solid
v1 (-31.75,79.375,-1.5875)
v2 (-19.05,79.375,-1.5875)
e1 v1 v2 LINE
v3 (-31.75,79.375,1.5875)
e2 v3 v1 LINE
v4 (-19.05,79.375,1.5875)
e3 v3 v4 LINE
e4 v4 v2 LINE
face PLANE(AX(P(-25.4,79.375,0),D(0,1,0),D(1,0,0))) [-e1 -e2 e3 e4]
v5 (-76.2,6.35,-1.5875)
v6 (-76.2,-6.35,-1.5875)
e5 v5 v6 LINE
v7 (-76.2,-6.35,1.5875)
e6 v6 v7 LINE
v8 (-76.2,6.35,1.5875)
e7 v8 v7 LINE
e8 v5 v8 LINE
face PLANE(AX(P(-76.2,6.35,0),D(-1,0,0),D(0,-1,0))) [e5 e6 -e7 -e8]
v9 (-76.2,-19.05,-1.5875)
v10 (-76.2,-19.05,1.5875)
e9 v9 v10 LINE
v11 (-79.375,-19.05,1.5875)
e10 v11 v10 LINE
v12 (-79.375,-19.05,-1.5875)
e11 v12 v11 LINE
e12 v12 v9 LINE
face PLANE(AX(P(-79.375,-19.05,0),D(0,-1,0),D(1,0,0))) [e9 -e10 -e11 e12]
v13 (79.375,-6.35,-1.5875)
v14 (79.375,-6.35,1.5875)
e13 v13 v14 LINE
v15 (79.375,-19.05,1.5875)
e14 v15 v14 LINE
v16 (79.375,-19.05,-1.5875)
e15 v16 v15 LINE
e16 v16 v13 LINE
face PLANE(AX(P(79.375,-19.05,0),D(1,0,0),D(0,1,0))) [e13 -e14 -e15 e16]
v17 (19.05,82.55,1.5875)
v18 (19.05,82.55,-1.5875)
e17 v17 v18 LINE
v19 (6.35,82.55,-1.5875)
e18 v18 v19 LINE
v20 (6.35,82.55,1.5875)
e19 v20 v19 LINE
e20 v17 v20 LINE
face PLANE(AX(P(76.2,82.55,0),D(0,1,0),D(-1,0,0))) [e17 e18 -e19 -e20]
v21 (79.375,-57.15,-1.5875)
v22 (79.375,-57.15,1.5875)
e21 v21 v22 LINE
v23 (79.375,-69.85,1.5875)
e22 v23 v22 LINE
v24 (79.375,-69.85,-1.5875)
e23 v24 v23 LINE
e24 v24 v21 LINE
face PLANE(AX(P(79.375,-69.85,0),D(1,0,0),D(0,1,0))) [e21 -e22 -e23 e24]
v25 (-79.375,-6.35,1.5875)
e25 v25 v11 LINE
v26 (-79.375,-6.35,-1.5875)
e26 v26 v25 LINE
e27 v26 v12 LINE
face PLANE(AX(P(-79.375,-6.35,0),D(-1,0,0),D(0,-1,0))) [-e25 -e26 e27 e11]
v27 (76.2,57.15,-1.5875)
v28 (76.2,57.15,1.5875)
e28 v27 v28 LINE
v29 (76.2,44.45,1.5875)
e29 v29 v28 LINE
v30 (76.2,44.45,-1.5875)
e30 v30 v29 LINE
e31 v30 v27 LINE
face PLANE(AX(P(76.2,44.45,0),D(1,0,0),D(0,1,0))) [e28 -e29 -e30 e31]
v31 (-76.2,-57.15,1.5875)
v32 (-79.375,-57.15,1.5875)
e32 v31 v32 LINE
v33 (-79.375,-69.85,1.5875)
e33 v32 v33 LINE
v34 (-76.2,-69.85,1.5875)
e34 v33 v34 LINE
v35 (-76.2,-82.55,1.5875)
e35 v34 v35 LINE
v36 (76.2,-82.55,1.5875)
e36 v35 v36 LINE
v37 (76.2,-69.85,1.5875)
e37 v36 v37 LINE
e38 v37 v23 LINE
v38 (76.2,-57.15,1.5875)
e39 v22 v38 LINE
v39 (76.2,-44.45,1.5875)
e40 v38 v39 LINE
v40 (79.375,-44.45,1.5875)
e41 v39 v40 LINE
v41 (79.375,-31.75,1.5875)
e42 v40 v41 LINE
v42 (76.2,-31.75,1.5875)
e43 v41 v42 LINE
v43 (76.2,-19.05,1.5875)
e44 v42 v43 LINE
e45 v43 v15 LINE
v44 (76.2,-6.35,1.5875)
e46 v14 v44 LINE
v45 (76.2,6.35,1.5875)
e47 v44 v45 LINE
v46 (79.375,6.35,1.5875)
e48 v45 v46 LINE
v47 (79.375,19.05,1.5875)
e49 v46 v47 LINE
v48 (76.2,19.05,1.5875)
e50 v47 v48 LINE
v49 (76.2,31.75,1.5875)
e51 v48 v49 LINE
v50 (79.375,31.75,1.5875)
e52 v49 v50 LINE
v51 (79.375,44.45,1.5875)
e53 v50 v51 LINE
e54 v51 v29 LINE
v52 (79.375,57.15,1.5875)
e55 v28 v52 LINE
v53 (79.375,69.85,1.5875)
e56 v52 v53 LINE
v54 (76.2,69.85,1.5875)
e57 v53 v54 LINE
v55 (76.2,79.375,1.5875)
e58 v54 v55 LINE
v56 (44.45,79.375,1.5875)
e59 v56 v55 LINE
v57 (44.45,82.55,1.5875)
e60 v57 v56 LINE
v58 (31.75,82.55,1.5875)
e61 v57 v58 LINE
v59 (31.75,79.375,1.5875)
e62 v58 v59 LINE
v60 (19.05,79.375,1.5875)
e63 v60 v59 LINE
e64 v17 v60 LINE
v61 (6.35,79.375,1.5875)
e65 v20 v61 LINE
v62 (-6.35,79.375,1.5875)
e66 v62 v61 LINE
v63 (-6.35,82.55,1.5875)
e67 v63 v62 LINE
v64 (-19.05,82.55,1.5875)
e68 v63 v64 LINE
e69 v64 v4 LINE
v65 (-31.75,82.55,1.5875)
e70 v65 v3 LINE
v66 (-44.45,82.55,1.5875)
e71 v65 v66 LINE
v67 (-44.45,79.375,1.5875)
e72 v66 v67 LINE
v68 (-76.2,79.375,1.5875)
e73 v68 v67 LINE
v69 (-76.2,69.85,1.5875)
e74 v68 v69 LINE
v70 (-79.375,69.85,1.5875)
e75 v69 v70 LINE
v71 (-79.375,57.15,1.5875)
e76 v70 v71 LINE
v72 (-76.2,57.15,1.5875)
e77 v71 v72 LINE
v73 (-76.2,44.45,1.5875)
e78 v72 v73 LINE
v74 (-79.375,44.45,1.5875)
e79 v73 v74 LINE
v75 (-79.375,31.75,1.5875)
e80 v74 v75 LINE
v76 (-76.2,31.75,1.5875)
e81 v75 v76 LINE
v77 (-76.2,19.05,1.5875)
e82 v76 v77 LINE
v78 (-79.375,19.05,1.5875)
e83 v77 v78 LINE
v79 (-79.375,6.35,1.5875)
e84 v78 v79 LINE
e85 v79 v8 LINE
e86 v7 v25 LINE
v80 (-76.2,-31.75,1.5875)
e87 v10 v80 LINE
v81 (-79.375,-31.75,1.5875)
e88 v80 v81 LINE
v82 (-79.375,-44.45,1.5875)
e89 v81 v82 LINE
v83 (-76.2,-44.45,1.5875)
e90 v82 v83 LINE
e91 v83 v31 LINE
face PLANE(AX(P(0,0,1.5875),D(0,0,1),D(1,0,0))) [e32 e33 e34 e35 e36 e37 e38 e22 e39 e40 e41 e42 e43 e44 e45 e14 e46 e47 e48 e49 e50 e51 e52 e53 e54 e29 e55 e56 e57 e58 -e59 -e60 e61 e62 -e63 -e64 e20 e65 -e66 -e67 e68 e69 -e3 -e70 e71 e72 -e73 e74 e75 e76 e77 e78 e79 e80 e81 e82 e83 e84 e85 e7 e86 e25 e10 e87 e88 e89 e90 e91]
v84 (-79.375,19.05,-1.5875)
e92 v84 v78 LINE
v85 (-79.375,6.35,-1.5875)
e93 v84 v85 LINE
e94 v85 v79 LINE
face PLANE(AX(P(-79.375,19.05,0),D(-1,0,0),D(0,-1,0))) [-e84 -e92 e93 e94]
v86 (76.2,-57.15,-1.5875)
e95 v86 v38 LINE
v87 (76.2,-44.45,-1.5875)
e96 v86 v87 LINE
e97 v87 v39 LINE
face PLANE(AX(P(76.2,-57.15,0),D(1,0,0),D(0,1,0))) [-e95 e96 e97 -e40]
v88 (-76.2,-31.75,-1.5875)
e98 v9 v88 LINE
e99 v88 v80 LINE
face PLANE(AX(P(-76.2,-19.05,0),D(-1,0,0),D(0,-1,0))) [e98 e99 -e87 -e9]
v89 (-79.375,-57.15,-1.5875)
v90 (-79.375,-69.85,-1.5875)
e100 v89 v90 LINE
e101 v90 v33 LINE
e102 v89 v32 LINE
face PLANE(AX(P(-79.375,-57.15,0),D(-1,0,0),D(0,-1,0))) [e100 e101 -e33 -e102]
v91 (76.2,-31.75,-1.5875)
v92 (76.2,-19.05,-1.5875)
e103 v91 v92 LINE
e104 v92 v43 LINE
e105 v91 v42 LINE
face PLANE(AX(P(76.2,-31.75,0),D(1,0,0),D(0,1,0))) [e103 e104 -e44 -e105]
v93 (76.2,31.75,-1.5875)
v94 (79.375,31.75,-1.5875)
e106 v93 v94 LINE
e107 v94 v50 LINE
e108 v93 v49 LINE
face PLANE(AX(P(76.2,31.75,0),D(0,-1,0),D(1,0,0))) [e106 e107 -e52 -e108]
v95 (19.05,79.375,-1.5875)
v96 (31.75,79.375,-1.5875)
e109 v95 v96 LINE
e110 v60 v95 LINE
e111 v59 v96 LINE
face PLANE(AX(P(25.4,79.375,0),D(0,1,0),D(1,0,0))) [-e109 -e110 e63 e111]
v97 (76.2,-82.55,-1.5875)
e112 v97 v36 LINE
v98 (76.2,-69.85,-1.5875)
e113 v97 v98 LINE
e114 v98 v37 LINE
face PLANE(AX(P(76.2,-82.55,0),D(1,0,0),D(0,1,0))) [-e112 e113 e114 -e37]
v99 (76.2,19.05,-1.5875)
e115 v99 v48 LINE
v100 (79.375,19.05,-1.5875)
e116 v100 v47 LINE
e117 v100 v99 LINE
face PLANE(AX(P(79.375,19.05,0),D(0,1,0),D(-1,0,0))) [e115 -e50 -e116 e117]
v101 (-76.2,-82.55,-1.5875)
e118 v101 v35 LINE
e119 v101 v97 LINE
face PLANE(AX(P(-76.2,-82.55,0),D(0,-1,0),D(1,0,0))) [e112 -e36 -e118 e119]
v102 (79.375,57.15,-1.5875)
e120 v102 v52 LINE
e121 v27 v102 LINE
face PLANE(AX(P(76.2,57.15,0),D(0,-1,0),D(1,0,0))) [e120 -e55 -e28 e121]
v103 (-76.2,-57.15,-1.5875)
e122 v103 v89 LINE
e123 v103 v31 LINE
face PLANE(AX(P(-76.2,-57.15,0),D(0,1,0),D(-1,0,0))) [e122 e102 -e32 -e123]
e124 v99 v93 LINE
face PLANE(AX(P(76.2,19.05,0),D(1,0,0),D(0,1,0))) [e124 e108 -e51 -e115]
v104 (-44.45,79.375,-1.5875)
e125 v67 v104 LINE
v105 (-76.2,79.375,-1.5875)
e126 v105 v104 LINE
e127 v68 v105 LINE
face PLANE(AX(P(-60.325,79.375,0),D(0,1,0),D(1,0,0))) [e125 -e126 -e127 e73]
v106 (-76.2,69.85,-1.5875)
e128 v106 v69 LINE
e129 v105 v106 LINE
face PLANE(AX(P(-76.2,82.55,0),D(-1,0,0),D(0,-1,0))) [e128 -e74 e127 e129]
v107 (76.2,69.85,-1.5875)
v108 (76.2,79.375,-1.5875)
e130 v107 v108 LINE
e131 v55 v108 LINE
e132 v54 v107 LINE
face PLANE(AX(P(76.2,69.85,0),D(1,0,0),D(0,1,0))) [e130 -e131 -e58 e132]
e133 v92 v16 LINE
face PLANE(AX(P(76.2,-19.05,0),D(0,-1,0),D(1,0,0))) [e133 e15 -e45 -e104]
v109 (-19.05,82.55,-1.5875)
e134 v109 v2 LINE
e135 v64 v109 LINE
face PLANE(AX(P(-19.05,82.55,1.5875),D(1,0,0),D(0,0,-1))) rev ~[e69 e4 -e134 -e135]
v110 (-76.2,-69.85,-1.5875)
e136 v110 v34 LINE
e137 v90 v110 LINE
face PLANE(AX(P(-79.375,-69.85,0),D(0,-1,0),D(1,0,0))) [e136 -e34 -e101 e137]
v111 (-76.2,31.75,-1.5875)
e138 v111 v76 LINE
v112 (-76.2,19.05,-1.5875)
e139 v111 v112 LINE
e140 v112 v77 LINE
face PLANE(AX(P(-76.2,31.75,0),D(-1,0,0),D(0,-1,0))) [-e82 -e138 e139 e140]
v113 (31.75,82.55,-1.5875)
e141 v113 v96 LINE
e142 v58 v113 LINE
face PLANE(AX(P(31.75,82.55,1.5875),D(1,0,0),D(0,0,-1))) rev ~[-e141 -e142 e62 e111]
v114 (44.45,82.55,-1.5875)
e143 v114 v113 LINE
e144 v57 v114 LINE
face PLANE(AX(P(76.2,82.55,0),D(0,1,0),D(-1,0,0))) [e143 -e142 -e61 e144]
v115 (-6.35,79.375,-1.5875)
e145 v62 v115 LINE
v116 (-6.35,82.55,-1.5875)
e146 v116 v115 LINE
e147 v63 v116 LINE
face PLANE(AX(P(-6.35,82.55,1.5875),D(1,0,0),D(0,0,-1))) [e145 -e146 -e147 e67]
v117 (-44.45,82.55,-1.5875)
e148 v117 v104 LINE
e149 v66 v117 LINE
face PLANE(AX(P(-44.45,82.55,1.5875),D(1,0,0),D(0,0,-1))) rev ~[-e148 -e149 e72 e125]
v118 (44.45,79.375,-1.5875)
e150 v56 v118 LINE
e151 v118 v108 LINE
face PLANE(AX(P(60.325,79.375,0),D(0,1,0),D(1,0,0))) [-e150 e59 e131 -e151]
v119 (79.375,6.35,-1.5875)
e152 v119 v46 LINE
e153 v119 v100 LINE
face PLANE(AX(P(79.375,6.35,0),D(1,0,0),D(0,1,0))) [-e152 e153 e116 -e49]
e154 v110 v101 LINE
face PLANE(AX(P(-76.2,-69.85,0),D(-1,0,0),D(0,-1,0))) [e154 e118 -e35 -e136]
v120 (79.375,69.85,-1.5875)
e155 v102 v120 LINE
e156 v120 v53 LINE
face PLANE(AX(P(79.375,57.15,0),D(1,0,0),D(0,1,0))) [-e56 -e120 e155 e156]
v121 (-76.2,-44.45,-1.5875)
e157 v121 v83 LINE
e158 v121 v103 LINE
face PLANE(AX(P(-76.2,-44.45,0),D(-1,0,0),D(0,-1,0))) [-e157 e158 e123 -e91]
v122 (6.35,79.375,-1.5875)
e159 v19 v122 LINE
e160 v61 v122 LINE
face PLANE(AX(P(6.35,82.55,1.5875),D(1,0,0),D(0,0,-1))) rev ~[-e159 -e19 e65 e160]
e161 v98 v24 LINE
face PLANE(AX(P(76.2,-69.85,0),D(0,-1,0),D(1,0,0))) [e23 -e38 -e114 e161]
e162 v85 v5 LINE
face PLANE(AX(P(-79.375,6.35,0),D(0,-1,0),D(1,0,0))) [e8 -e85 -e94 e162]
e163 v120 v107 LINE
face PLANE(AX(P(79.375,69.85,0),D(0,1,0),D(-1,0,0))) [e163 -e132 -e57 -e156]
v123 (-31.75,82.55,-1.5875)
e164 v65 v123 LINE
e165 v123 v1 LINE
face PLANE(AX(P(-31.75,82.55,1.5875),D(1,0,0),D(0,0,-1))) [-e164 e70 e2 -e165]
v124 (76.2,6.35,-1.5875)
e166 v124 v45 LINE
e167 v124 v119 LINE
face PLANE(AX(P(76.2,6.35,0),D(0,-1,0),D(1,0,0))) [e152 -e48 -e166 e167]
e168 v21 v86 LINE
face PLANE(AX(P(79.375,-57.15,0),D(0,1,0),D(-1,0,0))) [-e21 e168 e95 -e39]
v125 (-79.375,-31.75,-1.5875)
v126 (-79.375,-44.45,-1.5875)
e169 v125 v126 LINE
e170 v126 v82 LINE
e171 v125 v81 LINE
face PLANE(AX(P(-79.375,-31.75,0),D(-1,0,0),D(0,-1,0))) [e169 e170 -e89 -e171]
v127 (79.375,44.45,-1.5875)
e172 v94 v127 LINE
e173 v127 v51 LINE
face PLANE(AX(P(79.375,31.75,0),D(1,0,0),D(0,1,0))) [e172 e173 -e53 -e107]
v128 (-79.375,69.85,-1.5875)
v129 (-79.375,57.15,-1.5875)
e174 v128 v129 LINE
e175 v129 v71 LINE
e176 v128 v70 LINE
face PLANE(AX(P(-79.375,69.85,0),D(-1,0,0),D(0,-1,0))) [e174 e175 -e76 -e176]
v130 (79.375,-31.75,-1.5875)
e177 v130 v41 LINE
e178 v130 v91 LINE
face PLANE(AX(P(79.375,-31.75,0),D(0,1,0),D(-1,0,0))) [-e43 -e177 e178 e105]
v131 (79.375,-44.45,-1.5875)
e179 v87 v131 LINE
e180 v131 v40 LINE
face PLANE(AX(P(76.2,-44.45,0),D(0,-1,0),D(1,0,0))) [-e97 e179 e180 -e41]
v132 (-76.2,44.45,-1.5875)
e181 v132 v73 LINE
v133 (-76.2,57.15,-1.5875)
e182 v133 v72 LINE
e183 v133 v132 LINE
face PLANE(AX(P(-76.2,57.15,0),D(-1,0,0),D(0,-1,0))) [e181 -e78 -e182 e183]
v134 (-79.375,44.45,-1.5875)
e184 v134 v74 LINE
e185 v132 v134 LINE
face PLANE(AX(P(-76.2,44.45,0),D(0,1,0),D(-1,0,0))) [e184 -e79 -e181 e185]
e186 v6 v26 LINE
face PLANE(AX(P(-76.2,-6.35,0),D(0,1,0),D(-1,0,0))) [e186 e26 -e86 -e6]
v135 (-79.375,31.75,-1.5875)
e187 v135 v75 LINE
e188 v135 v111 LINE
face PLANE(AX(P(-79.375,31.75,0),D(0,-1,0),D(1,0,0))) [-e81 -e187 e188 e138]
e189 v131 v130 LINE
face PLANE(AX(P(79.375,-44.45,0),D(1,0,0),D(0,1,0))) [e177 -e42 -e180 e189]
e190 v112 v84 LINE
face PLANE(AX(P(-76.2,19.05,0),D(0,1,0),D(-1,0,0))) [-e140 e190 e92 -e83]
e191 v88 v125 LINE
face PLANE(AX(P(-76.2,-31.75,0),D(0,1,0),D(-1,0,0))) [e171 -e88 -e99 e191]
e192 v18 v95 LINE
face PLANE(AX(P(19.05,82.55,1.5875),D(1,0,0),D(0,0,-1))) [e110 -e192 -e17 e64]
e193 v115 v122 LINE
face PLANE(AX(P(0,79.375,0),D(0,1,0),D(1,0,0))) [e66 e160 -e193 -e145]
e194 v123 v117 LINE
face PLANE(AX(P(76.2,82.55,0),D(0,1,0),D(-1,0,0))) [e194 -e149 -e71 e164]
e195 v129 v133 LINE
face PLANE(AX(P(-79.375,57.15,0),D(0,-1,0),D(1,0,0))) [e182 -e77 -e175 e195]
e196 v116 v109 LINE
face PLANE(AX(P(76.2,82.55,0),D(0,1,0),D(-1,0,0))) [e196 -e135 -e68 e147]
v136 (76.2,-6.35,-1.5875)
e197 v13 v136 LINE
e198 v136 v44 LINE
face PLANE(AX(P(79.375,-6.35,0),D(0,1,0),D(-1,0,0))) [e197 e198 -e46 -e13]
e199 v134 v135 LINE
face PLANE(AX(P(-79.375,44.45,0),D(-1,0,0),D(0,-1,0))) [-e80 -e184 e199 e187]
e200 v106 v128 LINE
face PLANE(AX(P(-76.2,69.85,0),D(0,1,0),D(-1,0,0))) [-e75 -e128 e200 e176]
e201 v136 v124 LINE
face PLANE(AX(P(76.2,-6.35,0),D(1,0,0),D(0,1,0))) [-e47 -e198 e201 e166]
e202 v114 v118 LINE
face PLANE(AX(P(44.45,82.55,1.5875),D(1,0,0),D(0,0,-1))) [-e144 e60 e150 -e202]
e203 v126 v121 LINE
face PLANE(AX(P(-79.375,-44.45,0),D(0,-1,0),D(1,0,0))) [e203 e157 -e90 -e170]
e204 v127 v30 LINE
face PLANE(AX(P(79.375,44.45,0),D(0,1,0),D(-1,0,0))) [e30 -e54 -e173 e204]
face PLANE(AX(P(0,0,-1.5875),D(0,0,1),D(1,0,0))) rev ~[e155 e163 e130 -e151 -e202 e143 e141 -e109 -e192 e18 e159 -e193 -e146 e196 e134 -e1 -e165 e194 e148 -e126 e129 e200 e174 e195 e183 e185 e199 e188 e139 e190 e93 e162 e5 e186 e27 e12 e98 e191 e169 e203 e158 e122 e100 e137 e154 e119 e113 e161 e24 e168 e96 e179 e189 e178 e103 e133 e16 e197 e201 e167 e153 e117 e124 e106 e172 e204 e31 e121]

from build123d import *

# Parameters (mm, degrees)
BOSS_EXTRUDE1_DEPTH = 1.5875
SKETCH2_W           = 31.75
SKETCH2_H           = 3.175
SKETCH2_W_2         = 12.7
CUT_EXTRUDE1_DEPTH  = 3.175


with BuildPart() as part:
    # Sketch1 → Boss-Extrude1 (new, symmetric)
    with BuildSketch(Plane.XY):
        Polygon((-76.2, 82.55), (-76.2, 69.85), (-79.375, 69.85), (-79.375, 57.15), (-76.2, 57.15), (-76.2, 44.45), (-79.375, 44.45), (-79.375, 31.75), (-76.2, 31.75), (-76.2, 19.05), (-79.375, 19.05), (-79.375, 6.35), (-76.2, 6.35), (-76.2, -6.35), (-79.375, -6.35), (-79.375, -19.05), (-76.2, -19.05), (-76.2, -31.75), (-79.375, -31.75), (-79.375, -44.45), (-76.2, -44.45), (-76.2, -57.15), (-79.375, -57.15), (-79.375, -69.85), (-76.2, -69.85), (-76.2, -82.55), (76.2, -82.55), (76.2, -69.85), (79.375, -69.85), (79.375, -57.15), (76.2, -57.15), (76.2, -44.45), (79.375, -44.45), (79.375, -31.75), (76.2, -31.75), (76.2, -19.05), (79.375, -19.05), (79.375, -6.35), (76.2, -6.35), (76.2, 6.35), (79.375, 6.35), (79.375, 19.05), (76.2, 19.05), (76.2, 31.75), (79.375, 31.75), (79.375, 44.45), (76.2, 44.45), (76.2, 57.15), (79.375, 57.15), (79.375, 69.85), (76.2, 69.85), (76.2, 82.55), align=None)
    extrude(amount=BOSS_EXTRUDE1_DEPTH, both=True)

    # Sketch2 → Cut-Extrude1 (cut)
    with BuildSketch(Plane(origin=(0, 82.55, 0), x_dir=(1, 0, 0), z_dir=(0, 1, 0))):
        with Locations((60.325, 0)):
            Rectangle(SKETCH2_W, SKETCH2_H)
        with Locations((-60.325, 0)):
            Rectangle(SKETCH2_W, SKETCH2_H)
        with Locations((25.4, 0)):
            Rectangle(SKETCH2_W_2, SKETCH2_H)
        Rectangle(SKETCH2_W_2, SKETCH2_H)
        with Locations((-25.4, 0)):
            Rectangle(SKETCH2_W_2, SKETCH2_H)
    extrude(amount=-CUT_EXTRUDE1_DEPTH, mode=Mode.SUBTRACT)


solid = part.part
